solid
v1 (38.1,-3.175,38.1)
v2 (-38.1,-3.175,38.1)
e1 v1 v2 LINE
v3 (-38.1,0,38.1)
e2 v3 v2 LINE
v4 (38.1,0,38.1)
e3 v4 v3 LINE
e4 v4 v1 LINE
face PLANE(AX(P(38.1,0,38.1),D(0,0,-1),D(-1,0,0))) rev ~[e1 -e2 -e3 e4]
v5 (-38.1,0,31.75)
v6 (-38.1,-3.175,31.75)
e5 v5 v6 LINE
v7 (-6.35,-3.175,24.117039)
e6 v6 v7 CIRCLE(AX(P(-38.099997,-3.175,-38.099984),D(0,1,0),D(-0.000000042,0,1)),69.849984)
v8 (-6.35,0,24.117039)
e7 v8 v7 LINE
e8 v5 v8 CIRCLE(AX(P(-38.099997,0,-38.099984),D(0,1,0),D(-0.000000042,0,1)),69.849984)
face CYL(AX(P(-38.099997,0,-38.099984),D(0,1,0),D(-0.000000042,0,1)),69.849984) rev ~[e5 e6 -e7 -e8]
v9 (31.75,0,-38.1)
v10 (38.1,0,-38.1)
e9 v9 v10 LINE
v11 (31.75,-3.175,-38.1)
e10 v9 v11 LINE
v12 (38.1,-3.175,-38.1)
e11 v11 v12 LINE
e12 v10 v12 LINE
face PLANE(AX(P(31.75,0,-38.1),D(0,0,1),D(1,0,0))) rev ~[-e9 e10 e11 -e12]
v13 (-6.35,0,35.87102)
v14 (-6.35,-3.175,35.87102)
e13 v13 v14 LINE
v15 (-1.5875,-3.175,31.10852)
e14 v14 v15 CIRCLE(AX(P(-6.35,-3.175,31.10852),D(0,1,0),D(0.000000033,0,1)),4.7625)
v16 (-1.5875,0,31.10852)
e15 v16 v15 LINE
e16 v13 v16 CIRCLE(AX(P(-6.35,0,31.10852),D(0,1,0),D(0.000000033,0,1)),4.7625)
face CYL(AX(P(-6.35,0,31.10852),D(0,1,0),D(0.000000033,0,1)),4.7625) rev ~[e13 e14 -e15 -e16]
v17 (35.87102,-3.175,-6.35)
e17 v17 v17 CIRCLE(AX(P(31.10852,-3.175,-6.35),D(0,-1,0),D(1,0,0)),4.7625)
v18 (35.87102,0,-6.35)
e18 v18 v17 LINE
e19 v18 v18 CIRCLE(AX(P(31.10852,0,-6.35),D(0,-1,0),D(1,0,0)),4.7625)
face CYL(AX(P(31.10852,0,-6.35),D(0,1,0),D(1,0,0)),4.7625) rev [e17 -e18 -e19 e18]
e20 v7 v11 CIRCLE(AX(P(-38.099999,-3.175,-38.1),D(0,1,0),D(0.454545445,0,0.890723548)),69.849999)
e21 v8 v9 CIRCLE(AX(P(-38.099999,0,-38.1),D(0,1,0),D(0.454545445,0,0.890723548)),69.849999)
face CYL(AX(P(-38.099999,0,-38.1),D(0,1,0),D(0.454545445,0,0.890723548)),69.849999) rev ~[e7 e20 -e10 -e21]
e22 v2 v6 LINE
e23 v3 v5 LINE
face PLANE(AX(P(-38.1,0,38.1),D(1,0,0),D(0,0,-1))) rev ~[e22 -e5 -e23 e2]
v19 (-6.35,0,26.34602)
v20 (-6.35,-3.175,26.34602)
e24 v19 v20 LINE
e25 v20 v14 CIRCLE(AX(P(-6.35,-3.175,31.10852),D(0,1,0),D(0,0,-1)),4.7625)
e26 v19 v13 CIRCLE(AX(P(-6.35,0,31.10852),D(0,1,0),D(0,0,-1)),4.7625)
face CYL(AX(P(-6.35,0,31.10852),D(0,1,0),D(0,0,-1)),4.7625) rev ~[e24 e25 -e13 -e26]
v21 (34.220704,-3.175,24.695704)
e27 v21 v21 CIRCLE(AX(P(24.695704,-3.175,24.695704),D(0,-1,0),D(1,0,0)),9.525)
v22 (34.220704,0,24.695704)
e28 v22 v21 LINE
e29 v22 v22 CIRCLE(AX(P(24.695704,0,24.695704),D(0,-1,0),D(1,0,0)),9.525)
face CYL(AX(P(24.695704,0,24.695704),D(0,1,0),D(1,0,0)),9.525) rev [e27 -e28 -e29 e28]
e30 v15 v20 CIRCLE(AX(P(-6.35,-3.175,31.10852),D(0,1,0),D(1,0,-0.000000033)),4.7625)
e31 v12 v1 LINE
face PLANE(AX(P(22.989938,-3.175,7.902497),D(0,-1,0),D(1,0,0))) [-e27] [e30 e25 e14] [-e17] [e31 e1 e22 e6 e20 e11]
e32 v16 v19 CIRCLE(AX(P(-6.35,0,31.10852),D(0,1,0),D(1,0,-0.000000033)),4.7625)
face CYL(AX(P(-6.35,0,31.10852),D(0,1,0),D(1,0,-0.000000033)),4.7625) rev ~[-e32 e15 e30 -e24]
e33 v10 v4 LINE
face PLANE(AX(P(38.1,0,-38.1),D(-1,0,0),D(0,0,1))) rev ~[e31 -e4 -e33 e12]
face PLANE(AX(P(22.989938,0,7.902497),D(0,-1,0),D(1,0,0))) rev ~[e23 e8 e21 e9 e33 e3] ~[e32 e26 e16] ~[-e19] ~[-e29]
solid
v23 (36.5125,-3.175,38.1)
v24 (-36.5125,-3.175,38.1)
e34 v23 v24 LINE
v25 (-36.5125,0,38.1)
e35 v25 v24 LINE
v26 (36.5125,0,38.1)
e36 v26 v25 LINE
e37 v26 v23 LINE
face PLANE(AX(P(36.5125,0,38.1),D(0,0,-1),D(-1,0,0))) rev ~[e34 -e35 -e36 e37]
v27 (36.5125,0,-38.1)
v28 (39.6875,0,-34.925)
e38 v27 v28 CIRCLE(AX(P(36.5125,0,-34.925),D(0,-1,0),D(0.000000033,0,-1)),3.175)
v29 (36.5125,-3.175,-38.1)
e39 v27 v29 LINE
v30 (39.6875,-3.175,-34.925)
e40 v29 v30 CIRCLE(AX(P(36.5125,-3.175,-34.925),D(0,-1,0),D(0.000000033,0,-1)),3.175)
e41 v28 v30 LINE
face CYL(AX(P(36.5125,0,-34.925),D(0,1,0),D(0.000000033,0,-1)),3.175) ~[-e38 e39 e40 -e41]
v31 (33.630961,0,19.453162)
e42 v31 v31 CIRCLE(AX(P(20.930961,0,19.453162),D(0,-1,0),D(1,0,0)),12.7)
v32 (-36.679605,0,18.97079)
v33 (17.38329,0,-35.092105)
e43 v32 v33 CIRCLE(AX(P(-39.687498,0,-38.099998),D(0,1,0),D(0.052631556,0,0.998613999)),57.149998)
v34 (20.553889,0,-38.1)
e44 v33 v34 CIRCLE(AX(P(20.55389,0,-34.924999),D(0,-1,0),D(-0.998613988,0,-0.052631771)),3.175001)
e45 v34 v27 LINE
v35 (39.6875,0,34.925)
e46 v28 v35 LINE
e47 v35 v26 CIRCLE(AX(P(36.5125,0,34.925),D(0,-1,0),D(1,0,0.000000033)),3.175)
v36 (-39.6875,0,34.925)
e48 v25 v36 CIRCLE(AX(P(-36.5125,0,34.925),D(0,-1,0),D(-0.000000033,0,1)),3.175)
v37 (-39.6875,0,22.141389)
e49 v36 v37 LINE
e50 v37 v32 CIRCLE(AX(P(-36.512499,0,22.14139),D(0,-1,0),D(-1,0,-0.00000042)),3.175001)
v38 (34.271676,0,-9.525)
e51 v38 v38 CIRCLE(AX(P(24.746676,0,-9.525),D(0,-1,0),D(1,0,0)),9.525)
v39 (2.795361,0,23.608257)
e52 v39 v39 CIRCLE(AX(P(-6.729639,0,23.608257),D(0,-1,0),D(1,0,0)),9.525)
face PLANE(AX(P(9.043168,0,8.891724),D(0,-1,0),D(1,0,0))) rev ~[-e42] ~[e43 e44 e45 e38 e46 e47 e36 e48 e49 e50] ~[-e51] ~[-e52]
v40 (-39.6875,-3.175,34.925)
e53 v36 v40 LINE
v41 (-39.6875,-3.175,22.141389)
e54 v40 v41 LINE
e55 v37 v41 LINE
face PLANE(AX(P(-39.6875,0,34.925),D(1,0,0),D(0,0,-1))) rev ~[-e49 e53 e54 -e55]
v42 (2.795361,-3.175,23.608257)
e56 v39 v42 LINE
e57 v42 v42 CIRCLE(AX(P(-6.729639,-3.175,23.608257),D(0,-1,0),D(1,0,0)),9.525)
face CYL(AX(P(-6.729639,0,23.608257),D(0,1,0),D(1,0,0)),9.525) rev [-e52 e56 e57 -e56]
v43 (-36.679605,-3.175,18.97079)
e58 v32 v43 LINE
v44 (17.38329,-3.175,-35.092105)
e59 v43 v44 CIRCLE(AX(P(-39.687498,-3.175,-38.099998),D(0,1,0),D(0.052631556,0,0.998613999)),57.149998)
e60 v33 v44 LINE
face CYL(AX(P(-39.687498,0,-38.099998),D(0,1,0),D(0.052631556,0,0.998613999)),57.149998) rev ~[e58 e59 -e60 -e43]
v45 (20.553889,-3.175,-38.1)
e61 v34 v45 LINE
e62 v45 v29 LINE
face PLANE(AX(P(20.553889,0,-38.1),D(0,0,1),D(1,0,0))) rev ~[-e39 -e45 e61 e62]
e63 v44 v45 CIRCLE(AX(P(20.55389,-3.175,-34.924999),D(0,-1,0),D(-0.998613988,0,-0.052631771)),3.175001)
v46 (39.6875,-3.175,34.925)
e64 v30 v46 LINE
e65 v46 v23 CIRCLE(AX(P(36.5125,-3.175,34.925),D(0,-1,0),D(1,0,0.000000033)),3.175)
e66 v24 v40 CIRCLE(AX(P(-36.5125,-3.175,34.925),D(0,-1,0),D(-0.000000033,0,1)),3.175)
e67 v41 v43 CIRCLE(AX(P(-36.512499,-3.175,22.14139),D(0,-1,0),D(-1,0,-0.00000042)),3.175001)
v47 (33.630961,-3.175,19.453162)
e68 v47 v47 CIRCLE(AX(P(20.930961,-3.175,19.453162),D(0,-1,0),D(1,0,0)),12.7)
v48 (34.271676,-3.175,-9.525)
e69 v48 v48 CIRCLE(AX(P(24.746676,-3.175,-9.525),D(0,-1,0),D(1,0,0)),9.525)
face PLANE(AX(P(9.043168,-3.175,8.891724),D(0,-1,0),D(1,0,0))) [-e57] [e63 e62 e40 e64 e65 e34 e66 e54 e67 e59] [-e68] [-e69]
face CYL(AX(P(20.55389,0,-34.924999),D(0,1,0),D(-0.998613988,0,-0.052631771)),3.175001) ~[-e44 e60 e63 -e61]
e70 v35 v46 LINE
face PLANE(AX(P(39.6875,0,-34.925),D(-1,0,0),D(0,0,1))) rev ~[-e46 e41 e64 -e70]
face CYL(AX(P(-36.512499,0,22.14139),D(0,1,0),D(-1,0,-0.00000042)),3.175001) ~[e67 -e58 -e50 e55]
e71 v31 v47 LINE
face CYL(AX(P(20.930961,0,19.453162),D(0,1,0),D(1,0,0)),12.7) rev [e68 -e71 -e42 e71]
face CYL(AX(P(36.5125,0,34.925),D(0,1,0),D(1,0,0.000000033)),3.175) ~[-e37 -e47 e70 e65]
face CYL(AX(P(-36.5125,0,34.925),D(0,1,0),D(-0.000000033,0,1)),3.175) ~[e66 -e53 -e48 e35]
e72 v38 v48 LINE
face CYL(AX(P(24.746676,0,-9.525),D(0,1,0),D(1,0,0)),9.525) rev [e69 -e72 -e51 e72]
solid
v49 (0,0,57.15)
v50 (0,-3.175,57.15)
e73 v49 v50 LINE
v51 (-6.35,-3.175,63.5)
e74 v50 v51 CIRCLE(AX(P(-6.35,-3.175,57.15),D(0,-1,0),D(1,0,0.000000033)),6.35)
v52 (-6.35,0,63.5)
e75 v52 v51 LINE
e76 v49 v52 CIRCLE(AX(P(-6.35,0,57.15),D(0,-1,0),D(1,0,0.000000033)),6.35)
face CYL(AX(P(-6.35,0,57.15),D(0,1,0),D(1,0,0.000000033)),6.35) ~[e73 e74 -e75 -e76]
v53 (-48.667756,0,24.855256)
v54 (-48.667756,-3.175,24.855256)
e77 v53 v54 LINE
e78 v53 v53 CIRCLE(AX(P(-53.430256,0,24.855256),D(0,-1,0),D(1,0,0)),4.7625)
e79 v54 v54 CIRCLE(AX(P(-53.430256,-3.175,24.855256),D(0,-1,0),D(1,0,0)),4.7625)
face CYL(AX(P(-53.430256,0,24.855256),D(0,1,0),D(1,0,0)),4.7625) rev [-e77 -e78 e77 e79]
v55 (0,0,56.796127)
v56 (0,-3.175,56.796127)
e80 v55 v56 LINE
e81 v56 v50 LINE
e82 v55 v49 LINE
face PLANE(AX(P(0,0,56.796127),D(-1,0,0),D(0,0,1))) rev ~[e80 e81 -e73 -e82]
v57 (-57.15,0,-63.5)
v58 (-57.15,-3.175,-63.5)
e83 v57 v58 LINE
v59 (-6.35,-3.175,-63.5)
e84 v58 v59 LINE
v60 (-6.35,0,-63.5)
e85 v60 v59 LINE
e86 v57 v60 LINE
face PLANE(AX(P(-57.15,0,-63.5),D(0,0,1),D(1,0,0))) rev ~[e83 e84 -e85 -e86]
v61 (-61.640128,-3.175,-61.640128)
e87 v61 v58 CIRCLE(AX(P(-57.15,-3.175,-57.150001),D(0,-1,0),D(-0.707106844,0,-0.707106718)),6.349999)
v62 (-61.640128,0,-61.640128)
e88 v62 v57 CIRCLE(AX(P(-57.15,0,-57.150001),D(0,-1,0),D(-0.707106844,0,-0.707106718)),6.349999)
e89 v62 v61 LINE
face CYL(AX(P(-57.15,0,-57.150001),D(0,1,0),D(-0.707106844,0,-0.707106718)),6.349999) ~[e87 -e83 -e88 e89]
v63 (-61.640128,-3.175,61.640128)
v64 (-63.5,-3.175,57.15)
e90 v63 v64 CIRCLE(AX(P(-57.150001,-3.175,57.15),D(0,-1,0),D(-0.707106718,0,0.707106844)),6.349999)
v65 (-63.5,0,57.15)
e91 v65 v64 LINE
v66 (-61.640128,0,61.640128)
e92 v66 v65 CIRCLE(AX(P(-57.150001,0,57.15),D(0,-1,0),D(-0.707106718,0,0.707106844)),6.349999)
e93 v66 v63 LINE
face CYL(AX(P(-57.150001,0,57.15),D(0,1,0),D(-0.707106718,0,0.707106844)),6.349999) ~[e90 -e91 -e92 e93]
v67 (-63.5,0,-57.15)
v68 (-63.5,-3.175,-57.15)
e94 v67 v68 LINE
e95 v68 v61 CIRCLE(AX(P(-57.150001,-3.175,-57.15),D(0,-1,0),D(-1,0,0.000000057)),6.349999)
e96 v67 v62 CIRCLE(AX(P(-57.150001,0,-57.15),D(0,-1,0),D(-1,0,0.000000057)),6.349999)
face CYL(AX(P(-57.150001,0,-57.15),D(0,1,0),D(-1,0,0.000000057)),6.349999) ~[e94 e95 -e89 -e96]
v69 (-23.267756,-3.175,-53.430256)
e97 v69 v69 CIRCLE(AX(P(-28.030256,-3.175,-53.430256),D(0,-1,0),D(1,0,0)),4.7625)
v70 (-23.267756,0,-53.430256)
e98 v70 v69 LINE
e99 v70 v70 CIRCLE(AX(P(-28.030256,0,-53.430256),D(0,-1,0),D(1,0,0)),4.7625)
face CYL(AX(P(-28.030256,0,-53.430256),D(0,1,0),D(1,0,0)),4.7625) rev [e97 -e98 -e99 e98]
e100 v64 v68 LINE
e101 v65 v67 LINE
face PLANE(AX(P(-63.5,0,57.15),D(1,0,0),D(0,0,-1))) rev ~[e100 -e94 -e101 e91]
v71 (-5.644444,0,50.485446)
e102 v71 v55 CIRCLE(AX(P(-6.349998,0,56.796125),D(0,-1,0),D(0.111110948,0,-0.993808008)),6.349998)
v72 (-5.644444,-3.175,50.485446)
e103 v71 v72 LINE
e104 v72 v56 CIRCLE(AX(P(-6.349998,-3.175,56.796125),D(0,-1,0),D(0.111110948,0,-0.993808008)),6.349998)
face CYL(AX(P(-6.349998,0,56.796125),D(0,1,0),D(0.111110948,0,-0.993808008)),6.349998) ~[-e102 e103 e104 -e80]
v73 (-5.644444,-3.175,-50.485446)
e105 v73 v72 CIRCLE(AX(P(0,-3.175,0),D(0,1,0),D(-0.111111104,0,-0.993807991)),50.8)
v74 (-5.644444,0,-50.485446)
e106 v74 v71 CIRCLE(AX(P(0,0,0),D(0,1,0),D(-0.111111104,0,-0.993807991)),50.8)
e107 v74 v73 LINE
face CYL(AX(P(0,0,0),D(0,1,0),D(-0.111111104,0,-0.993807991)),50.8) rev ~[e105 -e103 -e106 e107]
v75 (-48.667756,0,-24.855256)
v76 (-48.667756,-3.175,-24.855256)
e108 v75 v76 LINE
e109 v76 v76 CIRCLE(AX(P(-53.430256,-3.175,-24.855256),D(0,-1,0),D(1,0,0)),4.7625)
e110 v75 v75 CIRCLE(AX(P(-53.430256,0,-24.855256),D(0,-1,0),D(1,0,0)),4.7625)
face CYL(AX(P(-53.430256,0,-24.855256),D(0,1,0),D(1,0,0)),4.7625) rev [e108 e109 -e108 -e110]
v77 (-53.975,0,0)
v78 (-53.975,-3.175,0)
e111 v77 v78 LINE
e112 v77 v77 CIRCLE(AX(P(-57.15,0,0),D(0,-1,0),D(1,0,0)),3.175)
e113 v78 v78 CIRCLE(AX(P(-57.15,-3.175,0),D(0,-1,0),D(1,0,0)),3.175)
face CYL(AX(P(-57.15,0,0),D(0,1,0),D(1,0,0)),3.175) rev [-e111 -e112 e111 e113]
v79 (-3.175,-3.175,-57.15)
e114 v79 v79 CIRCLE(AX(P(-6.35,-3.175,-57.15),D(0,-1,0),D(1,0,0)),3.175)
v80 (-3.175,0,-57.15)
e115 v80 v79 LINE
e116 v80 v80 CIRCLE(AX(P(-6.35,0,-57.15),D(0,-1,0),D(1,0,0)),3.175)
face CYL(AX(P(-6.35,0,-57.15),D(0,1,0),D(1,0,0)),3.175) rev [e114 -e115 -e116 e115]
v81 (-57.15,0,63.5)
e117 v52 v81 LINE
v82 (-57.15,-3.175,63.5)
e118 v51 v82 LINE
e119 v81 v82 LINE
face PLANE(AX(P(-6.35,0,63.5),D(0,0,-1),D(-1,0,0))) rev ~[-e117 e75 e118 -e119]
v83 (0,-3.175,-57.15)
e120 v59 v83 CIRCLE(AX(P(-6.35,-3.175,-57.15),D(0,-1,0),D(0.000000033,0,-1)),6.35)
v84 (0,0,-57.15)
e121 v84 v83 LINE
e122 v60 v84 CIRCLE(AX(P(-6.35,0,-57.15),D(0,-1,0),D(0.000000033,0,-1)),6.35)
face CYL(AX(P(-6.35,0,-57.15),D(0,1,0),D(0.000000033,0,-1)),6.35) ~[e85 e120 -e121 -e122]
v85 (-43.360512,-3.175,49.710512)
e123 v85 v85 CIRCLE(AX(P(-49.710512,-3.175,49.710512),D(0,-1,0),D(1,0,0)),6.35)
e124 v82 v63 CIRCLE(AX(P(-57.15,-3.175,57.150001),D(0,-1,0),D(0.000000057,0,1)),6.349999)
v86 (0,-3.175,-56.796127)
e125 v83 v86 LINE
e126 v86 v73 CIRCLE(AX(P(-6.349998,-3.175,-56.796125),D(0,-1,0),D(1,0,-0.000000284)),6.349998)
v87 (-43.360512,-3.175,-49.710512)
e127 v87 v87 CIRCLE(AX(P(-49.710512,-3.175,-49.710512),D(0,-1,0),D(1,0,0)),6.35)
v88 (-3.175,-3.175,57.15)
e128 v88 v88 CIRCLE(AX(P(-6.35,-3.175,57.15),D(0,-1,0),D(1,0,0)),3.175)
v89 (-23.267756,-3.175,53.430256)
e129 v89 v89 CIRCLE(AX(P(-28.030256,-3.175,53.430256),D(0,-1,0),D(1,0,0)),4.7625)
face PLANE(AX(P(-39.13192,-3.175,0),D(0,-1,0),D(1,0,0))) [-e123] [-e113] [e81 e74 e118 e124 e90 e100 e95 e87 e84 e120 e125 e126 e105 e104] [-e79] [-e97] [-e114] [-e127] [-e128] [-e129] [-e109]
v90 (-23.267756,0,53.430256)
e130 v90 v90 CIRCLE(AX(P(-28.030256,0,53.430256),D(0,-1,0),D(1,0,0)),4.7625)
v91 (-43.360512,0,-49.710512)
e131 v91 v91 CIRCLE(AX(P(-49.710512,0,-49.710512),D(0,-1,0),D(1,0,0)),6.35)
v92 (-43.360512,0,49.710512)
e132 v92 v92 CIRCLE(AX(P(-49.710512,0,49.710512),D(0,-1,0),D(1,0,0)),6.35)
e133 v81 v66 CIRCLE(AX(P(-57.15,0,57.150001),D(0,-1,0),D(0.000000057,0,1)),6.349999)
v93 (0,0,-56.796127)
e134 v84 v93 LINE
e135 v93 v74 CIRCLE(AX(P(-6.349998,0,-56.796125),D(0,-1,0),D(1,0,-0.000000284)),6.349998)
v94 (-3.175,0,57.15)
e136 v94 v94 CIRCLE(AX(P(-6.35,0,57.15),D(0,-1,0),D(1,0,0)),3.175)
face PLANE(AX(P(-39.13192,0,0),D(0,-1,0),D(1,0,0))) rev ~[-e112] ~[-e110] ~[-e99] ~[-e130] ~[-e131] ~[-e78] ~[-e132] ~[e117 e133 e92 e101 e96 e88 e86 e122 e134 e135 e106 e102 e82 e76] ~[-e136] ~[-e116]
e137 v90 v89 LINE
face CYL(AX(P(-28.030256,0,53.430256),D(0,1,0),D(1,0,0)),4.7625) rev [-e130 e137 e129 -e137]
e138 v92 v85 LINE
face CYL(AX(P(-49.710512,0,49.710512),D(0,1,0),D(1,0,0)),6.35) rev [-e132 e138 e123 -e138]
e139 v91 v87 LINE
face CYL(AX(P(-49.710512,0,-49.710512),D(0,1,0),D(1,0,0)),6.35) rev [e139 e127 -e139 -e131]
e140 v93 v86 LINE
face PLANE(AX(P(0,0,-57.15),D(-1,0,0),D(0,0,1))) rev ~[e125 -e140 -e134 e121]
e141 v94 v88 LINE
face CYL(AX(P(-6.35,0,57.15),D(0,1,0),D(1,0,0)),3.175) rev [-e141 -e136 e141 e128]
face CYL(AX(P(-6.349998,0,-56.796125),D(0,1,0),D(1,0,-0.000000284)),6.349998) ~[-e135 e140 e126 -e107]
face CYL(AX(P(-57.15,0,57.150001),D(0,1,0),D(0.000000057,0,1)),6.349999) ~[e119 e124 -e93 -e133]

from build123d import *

# Parameters (mm, degrees)
F0_R     = 4.7625
F0_R_2   = 9.525
F1_DEPTH = 3.175
F2_R     = 9.525
F2_R_2   = 12.7
F3_DEPTH = 3.175
F4_R     = 6.35
F4_R_2   = 4.7625
F4_R_3   = 3.175
F5_DEPTH = 3.175


with BuildPart() as f1:
    # F0 (on Front) → F1 (new body)
    with BuildSketch(Plane.XZ):
        with BuildLine():
            Line((38.1, -38.1), (38.1, 38.1))
            Line((38.1, 38.1), (-6.35, 38.1))
            Line((-6.35, 38.1), (-6.35, 35.87102))
            ThreePointArc((-6.35, 35.87102), (-2.982404, 34.476116), (-1.5875, 31.10852))
            ThreePointArc((-1.5875, 31.10852), (-2.982404, 27.740924), (-6.35, 26.34602))
            Line((-6.35, 26.34602), (-6.35, 24.117039))
            ThreePointArc((-6.35, 24.117039), (21.46828, -1.622027), (31.75, -38.1))
            Line((31.75, -38.1), (38.1, -38.1))
        make_face()
        with Locations((31.10852, -6.35)):
            Circle(F0_R, mode=Mode.SUBTRACT)
        with Locations((24.695704, 24.695704)):
            Circle(F0_R_2, mode=Mode.SUBTRACT)
        with BuildLine():
            Line((-6.35, 35.87102), (-6.35, 38.1))
            Line((-6.35, 38.1), (-38.1, 38.1))
            Line((-38.1, 38.1), (-38.1, 31.75))
            ThreePointArc((-38.1, 31.75), (-21.772687, 29.814957), (-6.35, 24.117039))
            Line((-6.35, 24.117039), (-6.35, 26.34602))
            ThreePointArc((-6.35, 26.34602), (-11.1125, 31.10852), (-6.35, 35.87102))
        make_face()
    extrude(amount=F1_DEPTH)


with BuildPart() as f3:
    # F2 (on Front) → F3 (new body)
    with BuildSketch(Plane.XZ):
        with BuildLine():
            ThreePointArc((39.6875, 34.925), (38.757564, 37.170064), (36.5125, 38.1))
            Line((36.5125, 38.1), (-36.5125, 38.1))
            ThreePointArc((-36.5125, 38.1), (-38.757564, 37.170064), (-39.6875, 34.925))
            Line((-39.6875, 34.925), (-39.6875, 22.141389))
            ThreePointArc((-39.6875, 22.141389), (-38.815887, 19.956205), (-36.679605, 18.97079))
            ThreePointArc((-36.679605, 18.97079), (0.723653, 2.311153), (17.38329, -35.092105))
            ThreePointArc((17.38329, -35.092105), (18.368705, -37.228387), (20.553889, -38.1))
            Line((20.553889, -38.1), (36.5125, -38.1))
            ThreePointArc((36.5125, -38.1), (38.757564, -37.170064), (39.6875, -34.925))
            Line((39.6875, -34.925), (39.6875, 34.925))
        make_face()
        with Locations((24.746676, -9.525)):
            Circle(F2_R, mode=Mode.SUBTRACT)
        with Locations((-6.729639, 23.608257)):
            Circle(F2_R, mode=Mode.SUBTRACT)
        with Locations((20.930961, 19.453162)):
            Circle(F2_R_2, mode=Mode.SUBTRACT)
    extrude(amount=F3_DEPTH)


with BuildPart() as f5:
    # F4 (on Front) → F5 (new body)
    with BuildSketch(Plane.XZ):
        with BuildLine():
            ThreePointArc((0, 57.15), (-1.859872, 61.640128), (-6.35, 63.5))
            Line((-6.35, 63.5), (-57.15, 63.5))
            ThreePointArc((-57.15, 63.5), (-59.58004, 63.016635), (-61.640128, 61.640128))
            ThreePointArc((-61.640128, 61.640128), (-63.016635, 59.58004), (-63.5, 57.15))
            Line((-63.5, 57.15), (-63.5, -57.15))
            ThreePointArc((-63.5, -57.15), (-63.016635, -59.58004), (-61.640128, -61.640128))
            ThreePointArc((-61.640128, -61.640128), (-59.58004, -63.016635), (-57.15, -63.5))
            Line((-57.15, -63.5), (-6.35, -63.5))
            ThreePointArc((-6.35, -63.5), (-1.859872, -61.640128), (0, -57.15))
            Line((0, -57.15), (0, -56.796127))
            ThreePointArc((0, -56.796127), (-1.616989, -52.562793), (-5.644444, -50.485446))
            ThreePointArc((-5.644444, -50.485446), (-50.8, 0), (-5.644444, 50.485446))
            ThreePointArc((-5.644444, 50.485446), (-1.616989, 52.562793), (0, 56.796127))
            Line((0, 56.796127), (0, 57.15))
        make_face()
        with Locations((-49.710512, -49.710512)):
            Circle(F4_R, mode=Mode.SUBTRACT)
        with Locations((-53.430256, -24.855256)):
            Circle(F4_R_2, mode=Mode.SUBTRACT)
        with Locations((-28.030256, -53.430256)):
            Circle(F4_R_2, mode=Mode.SUBTRACT)
        with Locations((-6.35, -57.15)):
            Circle(F4_R_3, mode=Mode.SUBTRACT)
        with Locations((-57.15, 0)):
            Circle(F4_R_3, mode=Mode.SUBTRACT)
        with Locations((-53.430256, 24.855256)):
            Circle(F4_R_2, mode=Mode.SUBTRACT)
        with Locations((-49.710512, 49.710512)):
            Circle(F4_R, mode=Mode.SUBTRACT)
        with Locations((-28.030256, 53.430256)):
            Circle(F4_R_2, mode=Mode.SUBTRACT)
        with Locations((-6.35, 57.15)):
            Circle(F4_R_3, mode=Mode.SUBTRACT)
    extrude(amount=F5_DEPTH)


solid = Compound([f1.part, f3.part, f5.part])
